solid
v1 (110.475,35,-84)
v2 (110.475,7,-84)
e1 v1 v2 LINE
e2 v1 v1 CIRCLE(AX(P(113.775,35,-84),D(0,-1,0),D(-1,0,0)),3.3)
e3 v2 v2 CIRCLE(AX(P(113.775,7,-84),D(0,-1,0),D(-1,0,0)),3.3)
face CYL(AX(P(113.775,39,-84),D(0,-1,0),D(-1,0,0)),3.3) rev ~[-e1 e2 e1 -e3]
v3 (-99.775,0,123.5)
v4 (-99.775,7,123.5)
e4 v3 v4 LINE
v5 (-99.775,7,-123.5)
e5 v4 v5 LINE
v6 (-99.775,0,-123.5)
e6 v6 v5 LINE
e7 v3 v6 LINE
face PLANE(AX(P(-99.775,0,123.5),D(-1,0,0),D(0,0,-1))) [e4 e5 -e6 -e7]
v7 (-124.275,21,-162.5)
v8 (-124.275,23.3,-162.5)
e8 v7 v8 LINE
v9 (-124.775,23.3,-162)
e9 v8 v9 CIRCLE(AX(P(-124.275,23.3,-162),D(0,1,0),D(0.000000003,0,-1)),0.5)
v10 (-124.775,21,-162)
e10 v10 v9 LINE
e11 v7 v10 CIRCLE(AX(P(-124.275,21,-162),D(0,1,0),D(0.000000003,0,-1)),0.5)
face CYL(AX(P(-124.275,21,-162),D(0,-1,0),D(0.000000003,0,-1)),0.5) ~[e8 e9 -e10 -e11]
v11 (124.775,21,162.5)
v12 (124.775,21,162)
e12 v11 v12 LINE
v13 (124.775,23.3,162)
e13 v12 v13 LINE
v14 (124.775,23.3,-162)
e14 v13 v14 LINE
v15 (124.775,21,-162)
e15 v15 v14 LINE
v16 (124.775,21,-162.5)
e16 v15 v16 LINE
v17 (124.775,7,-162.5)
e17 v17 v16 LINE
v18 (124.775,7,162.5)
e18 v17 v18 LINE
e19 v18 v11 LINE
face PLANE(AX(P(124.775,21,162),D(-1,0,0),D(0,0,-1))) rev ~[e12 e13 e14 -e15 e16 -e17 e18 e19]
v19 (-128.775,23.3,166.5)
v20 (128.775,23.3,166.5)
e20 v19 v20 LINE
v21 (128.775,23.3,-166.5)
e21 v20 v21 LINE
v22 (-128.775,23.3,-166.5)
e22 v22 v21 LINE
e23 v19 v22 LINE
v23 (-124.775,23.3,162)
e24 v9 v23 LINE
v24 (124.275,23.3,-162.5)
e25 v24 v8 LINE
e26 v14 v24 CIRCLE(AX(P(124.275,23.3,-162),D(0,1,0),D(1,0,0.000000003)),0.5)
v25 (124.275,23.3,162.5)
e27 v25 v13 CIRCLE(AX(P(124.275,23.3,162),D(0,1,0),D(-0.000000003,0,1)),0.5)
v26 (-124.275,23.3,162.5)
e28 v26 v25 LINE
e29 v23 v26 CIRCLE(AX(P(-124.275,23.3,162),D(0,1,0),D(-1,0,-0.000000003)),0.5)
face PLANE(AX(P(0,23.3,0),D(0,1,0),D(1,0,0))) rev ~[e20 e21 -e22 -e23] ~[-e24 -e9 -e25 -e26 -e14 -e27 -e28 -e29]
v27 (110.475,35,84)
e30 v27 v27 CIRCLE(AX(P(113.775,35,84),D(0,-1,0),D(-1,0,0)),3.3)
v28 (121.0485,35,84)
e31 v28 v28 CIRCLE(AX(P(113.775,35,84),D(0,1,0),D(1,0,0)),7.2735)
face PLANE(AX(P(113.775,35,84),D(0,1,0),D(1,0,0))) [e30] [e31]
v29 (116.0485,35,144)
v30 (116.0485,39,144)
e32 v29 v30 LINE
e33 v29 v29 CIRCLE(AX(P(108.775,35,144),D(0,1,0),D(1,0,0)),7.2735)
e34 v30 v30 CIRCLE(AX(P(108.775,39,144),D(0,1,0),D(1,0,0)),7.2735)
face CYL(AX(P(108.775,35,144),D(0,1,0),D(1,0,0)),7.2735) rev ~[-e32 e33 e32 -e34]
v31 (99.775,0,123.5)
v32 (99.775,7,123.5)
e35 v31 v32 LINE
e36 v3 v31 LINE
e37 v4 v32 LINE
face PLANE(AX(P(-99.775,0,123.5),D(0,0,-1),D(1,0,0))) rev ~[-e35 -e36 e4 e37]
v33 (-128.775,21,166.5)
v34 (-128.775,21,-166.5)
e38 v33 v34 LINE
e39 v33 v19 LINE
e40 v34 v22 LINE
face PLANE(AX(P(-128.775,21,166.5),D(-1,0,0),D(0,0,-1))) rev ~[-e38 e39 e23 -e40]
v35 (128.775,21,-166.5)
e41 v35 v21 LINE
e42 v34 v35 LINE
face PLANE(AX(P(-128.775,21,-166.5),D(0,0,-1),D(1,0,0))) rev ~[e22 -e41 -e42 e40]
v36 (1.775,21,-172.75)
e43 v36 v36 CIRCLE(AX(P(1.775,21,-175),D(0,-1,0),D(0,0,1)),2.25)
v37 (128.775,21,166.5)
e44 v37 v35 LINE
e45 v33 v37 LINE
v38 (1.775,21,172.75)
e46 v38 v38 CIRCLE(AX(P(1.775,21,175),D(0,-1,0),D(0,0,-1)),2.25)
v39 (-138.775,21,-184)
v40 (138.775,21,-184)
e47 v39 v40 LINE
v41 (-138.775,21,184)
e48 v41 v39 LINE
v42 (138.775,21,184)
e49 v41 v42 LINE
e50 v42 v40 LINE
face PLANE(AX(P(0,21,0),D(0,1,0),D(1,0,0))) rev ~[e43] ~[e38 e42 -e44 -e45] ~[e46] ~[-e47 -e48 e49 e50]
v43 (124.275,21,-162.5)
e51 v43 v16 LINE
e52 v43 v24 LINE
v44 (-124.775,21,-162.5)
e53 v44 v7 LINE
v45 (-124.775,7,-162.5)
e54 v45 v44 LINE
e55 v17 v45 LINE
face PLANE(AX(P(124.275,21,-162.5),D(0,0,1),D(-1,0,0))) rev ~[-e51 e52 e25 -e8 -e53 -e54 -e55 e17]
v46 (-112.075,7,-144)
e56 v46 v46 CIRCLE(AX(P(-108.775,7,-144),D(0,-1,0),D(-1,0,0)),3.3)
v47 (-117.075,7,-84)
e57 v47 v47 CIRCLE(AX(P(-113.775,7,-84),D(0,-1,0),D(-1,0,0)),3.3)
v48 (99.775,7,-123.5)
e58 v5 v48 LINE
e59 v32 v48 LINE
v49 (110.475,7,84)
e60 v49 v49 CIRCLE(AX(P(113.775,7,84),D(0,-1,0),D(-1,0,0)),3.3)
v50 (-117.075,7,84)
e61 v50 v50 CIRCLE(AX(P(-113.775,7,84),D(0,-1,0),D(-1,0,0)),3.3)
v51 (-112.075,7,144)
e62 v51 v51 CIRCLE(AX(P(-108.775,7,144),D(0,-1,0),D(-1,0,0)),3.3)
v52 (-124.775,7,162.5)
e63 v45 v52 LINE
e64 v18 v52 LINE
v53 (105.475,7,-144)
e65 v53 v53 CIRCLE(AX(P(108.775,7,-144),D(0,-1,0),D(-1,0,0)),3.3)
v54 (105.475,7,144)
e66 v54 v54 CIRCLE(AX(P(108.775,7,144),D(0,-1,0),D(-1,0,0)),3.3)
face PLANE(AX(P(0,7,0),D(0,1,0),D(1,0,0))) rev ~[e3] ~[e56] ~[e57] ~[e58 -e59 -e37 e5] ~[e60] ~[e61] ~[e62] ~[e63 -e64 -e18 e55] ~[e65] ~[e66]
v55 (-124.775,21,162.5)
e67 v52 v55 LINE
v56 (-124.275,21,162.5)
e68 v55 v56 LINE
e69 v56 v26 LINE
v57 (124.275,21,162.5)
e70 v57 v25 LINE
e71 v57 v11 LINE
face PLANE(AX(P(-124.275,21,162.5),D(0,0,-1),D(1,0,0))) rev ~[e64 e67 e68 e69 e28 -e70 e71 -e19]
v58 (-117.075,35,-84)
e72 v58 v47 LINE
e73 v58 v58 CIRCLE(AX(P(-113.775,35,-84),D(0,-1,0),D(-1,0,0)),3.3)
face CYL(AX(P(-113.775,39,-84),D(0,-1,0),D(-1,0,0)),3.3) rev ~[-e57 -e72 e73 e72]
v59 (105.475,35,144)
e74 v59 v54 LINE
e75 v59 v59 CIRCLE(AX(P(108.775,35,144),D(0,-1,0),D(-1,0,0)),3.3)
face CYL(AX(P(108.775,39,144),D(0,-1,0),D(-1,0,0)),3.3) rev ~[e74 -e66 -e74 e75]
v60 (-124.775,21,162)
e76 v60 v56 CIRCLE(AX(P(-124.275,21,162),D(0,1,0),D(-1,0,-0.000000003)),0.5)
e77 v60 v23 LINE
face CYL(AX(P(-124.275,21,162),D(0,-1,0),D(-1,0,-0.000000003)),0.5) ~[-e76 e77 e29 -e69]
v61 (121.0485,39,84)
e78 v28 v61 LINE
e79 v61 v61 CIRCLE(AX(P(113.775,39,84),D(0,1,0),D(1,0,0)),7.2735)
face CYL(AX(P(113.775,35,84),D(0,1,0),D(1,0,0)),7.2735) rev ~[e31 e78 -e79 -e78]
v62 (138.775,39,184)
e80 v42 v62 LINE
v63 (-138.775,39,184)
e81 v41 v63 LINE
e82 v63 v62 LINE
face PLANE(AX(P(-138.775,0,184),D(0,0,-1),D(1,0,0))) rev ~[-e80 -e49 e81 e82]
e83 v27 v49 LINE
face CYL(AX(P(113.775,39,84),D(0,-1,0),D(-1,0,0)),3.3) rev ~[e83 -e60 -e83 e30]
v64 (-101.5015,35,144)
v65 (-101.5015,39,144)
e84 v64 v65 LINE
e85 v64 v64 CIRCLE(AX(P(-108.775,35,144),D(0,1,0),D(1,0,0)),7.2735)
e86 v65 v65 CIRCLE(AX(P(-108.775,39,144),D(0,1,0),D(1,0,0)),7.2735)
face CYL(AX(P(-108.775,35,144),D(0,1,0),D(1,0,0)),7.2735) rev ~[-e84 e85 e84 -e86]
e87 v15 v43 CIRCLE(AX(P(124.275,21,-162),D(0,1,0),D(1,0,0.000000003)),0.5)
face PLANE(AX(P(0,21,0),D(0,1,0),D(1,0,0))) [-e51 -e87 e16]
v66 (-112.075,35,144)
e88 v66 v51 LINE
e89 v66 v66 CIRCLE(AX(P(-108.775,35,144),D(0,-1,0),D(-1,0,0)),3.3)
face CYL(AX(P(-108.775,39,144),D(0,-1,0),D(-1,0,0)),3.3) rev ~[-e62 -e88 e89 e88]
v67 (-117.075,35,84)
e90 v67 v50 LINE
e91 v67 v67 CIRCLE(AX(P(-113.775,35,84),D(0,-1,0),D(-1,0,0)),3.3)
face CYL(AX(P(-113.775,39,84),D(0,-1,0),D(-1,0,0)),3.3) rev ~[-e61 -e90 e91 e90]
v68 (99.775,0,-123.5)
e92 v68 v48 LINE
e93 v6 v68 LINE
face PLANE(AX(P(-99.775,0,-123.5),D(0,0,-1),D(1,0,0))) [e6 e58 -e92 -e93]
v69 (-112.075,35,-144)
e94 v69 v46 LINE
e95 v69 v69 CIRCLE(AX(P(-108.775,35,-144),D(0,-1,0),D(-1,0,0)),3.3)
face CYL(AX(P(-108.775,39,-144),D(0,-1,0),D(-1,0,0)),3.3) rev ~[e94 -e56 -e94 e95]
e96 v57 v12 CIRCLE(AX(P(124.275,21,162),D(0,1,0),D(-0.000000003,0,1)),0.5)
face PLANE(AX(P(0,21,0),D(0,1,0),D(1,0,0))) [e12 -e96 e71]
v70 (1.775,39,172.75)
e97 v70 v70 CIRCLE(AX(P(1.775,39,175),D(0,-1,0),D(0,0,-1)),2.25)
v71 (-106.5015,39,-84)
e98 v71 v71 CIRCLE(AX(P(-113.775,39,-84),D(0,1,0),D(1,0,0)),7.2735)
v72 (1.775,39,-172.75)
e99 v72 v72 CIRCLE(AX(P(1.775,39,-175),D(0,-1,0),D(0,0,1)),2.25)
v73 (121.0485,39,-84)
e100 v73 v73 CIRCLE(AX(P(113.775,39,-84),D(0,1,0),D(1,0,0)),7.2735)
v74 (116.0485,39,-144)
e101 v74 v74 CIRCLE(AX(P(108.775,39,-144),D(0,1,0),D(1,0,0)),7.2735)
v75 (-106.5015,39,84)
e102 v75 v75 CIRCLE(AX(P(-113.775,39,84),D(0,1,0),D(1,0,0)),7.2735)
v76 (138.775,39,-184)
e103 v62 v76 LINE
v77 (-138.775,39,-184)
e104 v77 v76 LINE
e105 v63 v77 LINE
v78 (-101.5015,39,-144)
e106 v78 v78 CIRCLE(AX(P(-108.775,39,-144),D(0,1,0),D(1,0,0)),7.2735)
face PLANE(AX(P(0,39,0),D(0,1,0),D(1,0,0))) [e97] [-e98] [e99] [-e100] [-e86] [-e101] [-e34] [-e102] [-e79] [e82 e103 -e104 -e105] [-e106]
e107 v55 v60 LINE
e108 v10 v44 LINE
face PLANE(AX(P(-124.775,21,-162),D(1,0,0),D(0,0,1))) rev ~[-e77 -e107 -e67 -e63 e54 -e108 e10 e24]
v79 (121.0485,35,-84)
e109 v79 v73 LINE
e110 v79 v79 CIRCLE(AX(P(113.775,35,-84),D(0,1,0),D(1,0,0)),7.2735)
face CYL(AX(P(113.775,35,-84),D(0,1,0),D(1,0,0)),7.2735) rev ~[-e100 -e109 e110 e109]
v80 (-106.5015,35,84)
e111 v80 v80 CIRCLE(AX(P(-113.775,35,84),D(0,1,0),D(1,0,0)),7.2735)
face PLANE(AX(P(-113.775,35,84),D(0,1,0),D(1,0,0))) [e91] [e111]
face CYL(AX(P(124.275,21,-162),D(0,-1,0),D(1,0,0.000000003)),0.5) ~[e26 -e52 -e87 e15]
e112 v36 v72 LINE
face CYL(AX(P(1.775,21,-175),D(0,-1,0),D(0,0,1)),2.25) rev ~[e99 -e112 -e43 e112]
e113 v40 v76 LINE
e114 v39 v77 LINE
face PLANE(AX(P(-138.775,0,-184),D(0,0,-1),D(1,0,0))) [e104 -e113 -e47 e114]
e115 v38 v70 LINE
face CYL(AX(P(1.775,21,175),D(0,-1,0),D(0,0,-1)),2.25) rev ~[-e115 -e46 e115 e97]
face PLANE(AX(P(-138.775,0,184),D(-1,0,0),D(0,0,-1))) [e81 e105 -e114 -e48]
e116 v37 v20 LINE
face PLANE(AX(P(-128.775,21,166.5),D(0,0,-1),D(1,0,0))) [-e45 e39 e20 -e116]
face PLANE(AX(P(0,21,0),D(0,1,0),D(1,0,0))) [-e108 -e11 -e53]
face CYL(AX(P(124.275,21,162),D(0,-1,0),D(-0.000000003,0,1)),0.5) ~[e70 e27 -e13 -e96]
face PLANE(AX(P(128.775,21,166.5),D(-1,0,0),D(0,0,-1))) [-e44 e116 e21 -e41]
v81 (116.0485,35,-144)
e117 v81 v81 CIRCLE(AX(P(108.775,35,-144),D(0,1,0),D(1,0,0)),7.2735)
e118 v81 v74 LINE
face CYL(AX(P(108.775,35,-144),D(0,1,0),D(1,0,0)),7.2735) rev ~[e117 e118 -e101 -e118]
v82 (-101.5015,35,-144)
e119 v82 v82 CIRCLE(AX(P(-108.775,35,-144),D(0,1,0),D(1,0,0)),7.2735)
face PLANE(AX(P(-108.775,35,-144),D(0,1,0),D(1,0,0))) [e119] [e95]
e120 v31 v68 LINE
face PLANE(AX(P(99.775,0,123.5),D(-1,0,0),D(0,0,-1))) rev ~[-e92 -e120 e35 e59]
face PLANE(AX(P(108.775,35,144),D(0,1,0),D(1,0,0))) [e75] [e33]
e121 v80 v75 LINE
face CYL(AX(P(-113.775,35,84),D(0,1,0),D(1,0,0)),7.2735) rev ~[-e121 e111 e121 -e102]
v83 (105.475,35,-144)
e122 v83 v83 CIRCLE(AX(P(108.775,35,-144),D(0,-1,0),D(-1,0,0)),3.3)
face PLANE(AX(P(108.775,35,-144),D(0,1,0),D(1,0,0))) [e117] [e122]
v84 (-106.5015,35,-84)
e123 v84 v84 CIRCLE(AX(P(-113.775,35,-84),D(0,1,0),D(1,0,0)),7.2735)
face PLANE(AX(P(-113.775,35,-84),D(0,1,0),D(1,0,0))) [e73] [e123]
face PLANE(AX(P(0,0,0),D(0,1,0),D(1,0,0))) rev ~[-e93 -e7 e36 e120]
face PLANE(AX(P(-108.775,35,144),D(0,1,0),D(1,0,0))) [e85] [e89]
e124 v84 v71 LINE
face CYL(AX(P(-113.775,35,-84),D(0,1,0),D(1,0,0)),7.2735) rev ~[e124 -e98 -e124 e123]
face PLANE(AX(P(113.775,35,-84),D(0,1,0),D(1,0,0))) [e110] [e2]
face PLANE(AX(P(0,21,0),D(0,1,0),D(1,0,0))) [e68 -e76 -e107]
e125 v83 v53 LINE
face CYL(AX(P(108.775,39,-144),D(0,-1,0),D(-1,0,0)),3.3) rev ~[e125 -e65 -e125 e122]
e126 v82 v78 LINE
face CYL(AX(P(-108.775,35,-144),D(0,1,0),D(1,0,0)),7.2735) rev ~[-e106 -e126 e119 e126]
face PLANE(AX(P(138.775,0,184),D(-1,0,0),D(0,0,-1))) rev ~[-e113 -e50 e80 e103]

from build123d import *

# Parameters (mm, degrees)
SKETCH1_W                               = 277.55
SKETCH1_H                               = 368
BOSS_EXTRUDE1_DEPTH                     = 39
SKETCH2_OUTSIDE_W                       = 372.066
SKETCH2_OUTSIDE_H                       = 462.516
SKETCH2_OUTSIDE_W_2                     = 199.55
SKETCH2_OUTSIDE_H_2                     = 247
CUT_EXTRUDE1_DEPTH                      = 7
SKETCH3_OUTSIDE_W                       = 372.066
SKETCH3_OUTSIDE_H                       = 462.516
SKETCH3_OUTSIDE_W_2                     = 249.55
SKETCH3_OUTSIDE_H_2                     = 325
CUT_EXTRUDE2_DEPTH                      = 21
CBORE_FOR_M6_HEX_HEAD_BOLT1_D           = 6.6
CBORE_FOR_M6_HEX_HEAD_BOLT1_CBORE_D     = 14.547
CBORE_FOR_M6_HEX_HEAD_BOLT1_CBORE_DEPTH = 4
SKETCH8_W                               = 257.55
SKETCH8_H                               = 333
CUT_EXTRUDE3_DEPTH                      = 2.3
SKETCH9_R                               = 2.25
CUT_EXTRUDE4_DEPTH                      = 232.420614088


with BuildPart() as part:
    # Sketch1 → Boss-Extrude1 (new body)
    with BuildSketch(Plane(origin=(0, 0, 0), x_dir=(1, 0, 0), z_dir=(0, 1, 0))):
        Rectangle(SKETCH1_W, SKETCH1_H)
    extrude(amount=BOSS_EXTRUDE1_DEPTH)

    # Sketch2 outside → Cut-Extrude1 (cut)
    with BuildSketch(Plane(origin=(0, 0, 0), x_dir=(1, 0, 0), z_dir=(0, 1, 0))):
        Rectangle(SKETCH2_OUTSIDE_W, SKETCH2_OUTSIDE_H)
        Rectangle(SKETCH2_OUTSIDE_W_2, SKETCH2_OUTSIDE_H_2, mode=Mode.SUBTRACT)
    extrude(amount=CUT_EXTRUDE1_DEPTH, mode=Mode.SUBTRACT)

    # Sketch3 outside → Cut-Extrude2 (cut)
    with BuildSketch(Plane(origin=(0, 0, 0), x_dir=(1, 0, 0), z_dir=(0, 1, 0))):
        Rectangle(SKETCH3_OUTSIDE_W, SKETCH3_OUTSIDE_H)
        Rectangle(SKETCH3_OUTSIDE_W_2, SKETCH3_OUTSIDE_H_2, mode=Mode.SUBTRACT)
    extrude(amount=CUT_EXTRUDE2_DEPTH, mode=Mode.SUBTRACT)

    # CBORE for M6 Hex Head Bolt1 (through all)
    with Locations(Plane(origin=(0, 39, 0), x_dir=(1, 0, 0), z_dir=(0, 1, 0))):
        with Locations((-108.775, -144), (-113.775, -84), (-113.775, 84), (-108.775, 144), (108.775, 144), (113.775, 84), (113.775, -84), (108.775, -144)):
            CounterBoreHole(CBORE_FOR_M6_HEX_HEAD_BOLT1_D / 2, CBORE_FOR_M6_HEX_HEAD_BOLT1_CBORE_D / 2, CBORE_FOR_M6_HEX_HEAD_BOLT1_CBORE_DEPTH)

    # Sketch8 → Cut-Extrude3 (cut)
    with BuildSketch(Plane(origin=(0, 21, 0), x_dir=(1, 0, 0), z_dir=(0, 1, 0))):
        Rectangle(SKETCH8_W, SKETCH8_H)
        with BuildLine():
            Line((124.275, 162.5), (-124.275, 162.5))
            ThreePointArc((-124.275, 162.5), (-124.628553391, 162.353553391), (-124.775, 162))
            Line((-124.775, 162), (-124.775, -162))
            ThreePointArc((-124.775, -162), (-124.628553391, -162.353553391), (-124.275, -162.5))
            Line((-124.275, -162.5), (124.275, -162.5))
            ThreePointArc((124.275, -162.5), (124.628553391, -162.353553391), (124.775, -162))
            Line((124.775, -162), (124.775, 162))
            ThreePointArc((124.775, 162), (124.628553391, 162.353553391), (124.275, 162.5))
        make_face(mode=Mode.SUBTRACT)
    extrude(amount=CUT_EXTRUDE3_DEPTH, mode=Mode.SUBTRACT)

    # Sketch9 → Cut-Extrude4 (cut, through all)
    with BuildSketch(Plane(origin=(0, 21, 0), x_dir=(-1, 0, 0), z_dir=(0, -1, 0))):
        with Locations(Location((-1.775, -175, 0), (0, 0, 90))):
            Circle(SKETCH9_R)
        with Locations(Location((-1.775, 175, 0), (0, 0, 270))):
            Circle(SKETCH9_R)
    extrude(amount=-CUT_EXTRUDE4_DEPTH, mode=Mode.SUBTRACT)


solid = part.part
